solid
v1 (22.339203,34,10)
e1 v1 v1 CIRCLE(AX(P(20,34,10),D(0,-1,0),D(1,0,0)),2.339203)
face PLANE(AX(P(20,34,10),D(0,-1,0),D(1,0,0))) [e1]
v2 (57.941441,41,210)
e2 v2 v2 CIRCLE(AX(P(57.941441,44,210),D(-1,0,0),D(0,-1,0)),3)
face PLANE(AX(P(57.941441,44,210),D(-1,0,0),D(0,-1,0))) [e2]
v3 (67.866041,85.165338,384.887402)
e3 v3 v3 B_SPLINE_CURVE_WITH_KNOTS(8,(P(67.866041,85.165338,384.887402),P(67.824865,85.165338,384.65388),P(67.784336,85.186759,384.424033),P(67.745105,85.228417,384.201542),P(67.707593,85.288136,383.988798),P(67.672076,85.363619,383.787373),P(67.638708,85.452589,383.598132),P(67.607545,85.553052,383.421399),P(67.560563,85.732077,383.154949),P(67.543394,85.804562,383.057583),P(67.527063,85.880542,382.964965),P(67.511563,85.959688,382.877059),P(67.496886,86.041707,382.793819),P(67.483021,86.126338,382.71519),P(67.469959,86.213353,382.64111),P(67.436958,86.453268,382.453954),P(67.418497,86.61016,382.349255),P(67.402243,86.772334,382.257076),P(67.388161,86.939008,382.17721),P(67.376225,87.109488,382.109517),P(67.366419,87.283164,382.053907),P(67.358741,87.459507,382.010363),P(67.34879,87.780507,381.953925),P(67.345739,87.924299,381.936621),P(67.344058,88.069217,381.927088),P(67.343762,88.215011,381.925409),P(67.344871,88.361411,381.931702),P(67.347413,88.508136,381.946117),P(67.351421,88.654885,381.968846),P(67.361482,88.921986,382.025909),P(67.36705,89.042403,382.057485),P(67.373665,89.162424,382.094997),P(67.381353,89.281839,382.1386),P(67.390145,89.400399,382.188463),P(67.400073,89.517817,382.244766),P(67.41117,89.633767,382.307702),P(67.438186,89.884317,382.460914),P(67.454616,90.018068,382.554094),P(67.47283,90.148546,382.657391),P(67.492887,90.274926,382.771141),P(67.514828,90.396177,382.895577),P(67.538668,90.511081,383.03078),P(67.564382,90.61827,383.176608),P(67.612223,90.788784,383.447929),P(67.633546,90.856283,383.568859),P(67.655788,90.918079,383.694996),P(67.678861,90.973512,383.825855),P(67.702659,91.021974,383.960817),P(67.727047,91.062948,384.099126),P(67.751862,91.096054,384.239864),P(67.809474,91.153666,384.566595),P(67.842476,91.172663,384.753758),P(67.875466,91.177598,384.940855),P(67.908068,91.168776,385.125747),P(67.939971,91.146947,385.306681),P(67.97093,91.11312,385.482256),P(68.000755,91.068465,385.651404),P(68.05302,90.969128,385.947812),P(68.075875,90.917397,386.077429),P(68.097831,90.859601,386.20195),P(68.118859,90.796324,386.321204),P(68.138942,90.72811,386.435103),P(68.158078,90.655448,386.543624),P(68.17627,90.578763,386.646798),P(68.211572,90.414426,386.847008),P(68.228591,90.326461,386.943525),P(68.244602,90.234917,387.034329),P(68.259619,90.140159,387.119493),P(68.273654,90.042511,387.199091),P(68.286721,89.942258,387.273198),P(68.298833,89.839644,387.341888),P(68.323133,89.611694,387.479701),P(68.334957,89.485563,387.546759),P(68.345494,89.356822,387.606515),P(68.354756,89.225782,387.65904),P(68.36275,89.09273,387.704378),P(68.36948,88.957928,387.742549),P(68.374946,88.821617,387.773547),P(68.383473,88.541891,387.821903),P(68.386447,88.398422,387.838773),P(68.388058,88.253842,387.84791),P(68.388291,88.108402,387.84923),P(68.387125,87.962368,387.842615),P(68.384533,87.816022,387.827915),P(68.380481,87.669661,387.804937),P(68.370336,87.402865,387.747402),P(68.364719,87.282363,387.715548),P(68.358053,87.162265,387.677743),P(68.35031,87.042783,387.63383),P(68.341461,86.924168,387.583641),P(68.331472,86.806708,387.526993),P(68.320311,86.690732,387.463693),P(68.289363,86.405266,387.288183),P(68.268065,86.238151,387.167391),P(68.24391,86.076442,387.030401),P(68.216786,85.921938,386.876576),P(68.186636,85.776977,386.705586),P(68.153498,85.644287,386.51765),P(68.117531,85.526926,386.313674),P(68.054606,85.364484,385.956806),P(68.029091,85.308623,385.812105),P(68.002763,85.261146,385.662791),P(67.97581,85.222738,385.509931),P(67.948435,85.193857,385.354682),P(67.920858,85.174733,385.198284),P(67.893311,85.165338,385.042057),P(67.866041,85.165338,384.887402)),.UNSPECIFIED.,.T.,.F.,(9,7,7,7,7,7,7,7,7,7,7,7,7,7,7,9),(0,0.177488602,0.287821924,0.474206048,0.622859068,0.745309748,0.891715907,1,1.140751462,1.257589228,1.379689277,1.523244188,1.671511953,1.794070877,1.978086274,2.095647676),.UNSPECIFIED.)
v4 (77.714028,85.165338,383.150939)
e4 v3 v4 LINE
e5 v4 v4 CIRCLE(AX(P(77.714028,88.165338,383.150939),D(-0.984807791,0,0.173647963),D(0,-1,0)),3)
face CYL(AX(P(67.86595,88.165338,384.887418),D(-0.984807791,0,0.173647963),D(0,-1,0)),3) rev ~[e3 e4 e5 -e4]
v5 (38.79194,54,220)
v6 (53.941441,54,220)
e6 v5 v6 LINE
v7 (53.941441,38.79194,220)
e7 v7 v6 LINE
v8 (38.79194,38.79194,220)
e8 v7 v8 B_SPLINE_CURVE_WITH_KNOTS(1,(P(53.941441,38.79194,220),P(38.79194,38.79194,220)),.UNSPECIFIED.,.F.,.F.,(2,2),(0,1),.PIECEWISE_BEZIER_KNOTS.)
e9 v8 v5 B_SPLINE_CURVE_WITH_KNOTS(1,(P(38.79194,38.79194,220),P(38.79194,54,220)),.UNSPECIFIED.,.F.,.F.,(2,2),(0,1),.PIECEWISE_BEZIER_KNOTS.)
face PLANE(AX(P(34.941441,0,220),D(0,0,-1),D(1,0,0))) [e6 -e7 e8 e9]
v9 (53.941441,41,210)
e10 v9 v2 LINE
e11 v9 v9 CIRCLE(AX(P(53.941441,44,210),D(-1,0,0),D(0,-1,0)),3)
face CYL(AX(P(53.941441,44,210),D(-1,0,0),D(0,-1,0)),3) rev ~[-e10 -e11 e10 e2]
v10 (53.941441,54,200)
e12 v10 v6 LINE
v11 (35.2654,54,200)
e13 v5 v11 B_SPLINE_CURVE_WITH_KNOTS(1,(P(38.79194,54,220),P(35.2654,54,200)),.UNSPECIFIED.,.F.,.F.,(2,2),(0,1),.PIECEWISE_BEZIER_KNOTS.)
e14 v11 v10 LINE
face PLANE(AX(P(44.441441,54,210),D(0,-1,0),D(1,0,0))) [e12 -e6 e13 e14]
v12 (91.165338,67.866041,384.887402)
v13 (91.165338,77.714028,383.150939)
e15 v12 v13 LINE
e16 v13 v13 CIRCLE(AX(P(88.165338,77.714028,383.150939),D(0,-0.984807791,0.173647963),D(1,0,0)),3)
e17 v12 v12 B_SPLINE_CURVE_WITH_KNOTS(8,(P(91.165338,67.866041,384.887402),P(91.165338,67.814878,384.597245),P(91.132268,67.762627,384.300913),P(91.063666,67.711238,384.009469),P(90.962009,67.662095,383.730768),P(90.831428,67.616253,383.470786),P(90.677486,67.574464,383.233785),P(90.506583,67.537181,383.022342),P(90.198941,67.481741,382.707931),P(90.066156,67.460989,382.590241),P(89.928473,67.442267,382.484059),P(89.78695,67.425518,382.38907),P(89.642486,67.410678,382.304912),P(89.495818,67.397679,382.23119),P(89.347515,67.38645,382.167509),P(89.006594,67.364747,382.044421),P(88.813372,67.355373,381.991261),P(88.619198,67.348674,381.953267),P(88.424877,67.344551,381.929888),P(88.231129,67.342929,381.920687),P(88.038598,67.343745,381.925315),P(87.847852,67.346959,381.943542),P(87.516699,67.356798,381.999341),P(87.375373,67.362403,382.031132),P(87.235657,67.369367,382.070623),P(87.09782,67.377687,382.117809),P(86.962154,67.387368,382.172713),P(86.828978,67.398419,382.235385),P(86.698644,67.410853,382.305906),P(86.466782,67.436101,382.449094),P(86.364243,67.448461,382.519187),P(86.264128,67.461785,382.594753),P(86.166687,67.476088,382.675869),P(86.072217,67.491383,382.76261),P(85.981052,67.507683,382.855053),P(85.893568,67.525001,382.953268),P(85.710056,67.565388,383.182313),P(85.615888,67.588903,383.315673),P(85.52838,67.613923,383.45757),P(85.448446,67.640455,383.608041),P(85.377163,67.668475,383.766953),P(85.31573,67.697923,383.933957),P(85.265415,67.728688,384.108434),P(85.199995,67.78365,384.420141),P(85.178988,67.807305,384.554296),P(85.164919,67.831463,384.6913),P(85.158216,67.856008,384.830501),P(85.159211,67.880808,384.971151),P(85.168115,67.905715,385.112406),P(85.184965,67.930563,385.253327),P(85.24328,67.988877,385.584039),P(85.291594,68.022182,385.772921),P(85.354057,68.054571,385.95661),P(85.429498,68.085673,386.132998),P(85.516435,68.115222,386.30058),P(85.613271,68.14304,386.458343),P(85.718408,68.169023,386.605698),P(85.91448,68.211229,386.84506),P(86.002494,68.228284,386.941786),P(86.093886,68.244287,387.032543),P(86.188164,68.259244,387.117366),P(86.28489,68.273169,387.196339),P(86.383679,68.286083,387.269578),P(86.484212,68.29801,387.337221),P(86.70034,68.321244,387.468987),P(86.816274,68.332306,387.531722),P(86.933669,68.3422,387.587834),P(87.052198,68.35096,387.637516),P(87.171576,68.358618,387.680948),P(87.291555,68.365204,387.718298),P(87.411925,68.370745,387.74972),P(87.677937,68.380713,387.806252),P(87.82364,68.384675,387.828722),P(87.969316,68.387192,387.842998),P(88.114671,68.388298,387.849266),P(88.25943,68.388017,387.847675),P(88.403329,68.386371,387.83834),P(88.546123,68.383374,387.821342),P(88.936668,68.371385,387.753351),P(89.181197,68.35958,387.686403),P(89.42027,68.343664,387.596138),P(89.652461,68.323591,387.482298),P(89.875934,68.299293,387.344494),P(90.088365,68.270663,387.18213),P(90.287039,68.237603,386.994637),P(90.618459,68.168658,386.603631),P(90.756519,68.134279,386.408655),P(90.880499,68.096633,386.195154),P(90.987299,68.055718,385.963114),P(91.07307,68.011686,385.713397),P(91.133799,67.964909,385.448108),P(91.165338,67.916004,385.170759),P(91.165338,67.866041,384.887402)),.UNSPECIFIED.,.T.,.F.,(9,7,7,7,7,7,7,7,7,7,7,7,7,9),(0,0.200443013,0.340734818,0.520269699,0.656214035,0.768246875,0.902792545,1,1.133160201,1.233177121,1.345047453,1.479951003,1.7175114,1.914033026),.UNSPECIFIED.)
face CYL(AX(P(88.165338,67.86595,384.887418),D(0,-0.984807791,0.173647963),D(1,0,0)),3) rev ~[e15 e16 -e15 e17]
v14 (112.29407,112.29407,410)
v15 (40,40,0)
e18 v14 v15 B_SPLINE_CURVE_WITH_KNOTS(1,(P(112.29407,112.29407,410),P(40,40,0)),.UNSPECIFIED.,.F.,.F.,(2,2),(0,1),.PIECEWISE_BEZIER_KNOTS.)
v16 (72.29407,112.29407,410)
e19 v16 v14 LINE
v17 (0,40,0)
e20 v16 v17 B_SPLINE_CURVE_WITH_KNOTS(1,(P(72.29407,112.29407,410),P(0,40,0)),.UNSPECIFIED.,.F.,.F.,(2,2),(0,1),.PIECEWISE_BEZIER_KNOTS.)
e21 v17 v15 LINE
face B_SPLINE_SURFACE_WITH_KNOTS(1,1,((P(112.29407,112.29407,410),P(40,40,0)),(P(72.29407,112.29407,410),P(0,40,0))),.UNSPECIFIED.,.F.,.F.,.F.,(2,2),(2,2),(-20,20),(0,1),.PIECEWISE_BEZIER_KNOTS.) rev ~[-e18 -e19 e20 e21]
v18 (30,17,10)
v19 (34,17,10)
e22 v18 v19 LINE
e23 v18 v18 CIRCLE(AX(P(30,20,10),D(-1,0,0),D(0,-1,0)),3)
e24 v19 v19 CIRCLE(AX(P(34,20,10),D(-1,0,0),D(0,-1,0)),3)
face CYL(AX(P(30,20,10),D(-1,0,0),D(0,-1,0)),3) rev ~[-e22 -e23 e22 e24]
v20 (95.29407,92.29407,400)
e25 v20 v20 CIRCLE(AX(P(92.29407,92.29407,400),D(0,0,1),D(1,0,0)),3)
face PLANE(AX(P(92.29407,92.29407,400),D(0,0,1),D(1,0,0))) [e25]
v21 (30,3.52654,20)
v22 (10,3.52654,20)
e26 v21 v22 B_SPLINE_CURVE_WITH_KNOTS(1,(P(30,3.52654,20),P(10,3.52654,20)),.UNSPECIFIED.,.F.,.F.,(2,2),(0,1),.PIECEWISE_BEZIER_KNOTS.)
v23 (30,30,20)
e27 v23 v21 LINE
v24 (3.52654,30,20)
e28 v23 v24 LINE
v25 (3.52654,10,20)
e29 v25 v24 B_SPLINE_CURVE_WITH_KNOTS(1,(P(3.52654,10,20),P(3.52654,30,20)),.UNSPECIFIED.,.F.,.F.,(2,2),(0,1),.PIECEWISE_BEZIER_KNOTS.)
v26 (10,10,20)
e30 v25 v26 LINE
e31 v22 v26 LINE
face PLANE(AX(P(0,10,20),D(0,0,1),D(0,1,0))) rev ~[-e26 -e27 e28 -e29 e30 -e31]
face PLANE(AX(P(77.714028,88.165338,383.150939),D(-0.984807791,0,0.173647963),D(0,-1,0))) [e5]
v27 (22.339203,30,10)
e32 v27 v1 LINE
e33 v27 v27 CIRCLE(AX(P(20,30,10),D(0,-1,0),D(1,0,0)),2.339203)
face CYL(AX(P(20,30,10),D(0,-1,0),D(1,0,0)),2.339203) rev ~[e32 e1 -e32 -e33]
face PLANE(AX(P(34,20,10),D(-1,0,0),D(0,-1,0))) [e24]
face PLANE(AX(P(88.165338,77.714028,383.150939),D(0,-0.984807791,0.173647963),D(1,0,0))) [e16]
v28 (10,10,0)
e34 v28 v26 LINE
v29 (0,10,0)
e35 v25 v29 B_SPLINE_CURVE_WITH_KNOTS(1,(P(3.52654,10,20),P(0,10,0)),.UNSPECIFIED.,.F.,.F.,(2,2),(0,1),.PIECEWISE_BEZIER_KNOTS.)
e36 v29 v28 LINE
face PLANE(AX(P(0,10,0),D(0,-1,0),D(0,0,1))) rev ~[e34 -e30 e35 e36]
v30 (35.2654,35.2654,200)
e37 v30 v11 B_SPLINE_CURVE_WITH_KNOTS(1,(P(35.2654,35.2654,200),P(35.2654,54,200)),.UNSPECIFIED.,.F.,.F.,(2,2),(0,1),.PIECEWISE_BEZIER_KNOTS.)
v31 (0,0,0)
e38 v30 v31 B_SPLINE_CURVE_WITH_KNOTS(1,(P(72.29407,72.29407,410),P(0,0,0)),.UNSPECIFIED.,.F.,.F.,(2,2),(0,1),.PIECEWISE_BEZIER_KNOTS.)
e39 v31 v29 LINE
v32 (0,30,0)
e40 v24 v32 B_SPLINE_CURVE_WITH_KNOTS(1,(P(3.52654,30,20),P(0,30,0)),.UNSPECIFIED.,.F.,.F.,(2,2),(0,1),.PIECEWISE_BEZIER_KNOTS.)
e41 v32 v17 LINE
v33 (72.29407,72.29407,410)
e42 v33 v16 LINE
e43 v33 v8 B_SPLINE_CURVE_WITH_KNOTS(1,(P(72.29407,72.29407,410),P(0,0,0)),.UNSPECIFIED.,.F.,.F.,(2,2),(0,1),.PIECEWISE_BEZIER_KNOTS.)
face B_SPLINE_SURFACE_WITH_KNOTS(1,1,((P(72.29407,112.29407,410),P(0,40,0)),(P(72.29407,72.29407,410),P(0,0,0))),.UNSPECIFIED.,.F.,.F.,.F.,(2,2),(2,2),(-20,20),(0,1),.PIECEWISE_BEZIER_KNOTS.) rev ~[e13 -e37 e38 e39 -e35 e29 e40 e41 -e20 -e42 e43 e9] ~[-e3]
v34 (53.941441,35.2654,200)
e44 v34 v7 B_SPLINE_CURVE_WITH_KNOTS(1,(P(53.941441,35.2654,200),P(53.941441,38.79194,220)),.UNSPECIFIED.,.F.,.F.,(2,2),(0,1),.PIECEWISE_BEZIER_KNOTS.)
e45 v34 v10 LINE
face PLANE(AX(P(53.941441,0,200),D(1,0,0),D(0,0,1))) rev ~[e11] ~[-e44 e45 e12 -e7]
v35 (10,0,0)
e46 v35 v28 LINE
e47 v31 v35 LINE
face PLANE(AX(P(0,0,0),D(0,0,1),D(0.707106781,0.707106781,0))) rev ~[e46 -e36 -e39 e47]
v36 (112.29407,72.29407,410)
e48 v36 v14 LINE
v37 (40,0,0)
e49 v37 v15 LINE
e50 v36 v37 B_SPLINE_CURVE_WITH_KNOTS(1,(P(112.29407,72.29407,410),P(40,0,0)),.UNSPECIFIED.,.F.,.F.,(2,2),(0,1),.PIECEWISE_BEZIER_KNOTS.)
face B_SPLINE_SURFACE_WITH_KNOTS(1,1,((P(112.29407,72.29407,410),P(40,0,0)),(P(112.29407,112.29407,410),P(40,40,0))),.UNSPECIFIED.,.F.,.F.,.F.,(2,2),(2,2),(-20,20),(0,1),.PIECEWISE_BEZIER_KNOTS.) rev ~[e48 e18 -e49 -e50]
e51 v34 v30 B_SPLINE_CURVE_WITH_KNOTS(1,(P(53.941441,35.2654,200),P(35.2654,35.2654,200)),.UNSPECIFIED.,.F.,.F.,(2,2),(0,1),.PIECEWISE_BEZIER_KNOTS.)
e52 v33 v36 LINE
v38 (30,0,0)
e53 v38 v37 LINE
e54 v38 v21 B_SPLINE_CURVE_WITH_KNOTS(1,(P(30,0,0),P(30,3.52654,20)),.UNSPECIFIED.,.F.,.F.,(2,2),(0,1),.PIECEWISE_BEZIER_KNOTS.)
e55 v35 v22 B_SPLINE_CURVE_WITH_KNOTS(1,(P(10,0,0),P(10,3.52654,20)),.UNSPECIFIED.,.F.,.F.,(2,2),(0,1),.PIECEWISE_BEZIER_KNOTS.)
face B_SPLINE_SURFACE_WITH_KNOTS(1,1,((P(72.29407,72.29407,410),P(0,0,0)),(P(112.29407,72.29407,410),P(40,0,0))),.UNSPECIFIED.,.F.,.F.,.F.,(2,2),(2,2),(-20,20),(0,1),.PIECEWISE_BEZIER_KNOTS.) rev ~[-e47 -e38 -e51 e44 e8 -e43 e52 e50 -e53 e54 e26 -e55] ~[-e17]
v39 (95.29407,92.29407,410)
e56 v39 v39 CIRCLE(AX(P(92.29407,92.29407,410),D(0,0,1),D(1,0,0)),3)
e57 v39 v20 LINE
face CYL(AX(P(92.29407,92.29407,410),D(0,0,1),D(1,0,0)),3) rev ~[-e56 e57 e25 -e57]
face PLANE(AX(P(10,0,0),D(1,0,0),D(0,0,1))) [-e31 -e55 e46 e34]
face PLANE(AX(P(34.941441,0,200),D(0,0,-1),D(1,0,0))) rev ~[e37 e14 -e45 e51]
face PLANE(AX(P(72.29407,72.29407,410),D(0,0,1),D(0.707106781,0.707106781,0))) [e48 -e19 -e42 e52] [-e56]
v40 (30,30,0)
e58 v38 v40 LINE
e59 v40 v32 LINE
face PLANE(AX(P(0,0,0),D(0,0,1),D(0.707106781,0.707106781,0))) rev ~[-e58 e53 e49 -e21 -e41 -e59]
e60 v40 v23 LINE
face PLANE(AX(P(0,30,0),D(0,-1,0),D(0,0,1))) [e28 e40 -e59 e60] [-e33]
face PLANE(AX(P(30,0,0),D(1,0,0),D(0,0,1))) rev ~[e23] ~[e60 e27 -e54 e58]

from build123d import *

# Parameters (mm, degrees)
F2_W      = 40
F2_H      = 40
F0_W      = 40
F0_H      = 40
F4_W      = 20
F4_H      = 20
F5_DEPTH  = 30
F6_W      = 20
F6_H      = 20
F7_DEPTH  = 30
F8_R      = 3
F9_DEPTH  = 10
F10_R     = 3
F11_DEPTH = 10
F12_R     = 3
F13_DEPTH = 4
F14_R     = 2.339203
F15_DEPTH = 4
F16_W     = 19
F16_H     = 20
F17_DEPTH = 54
F18_R     = 3
F19_DEPTH = 4
F20_R     = 3
F21_DEPTH = 10


with BuildPart() as f3:
    # F2 (on offset) → F3 section 0
    with BuildSketch(Plane.XY.offset(410)):
        with Locations((92.29407, 92.29407)):
            Rectangle(F2_W, F2_H)
    # F0 (on Top) → F3 section 1
    with BuildSketch(Plane.XY):
        with Locations((20, 20)):
            Rectangle(F0_W, F0_H)
    loft()

    # F4 (on Right) → F5 (cut)
    with BuildSketch(Plane.YZ):
        with Locations((20, 10)):
            Rectangle(F4_W, F4_H)
    extrude(amount=F5_DEPTH, mode=Mode.SUBTRACT)

    # F6 (on Front) → F7 (cut)
    with BuildSketch(Plane.XZ):
        with Locations((20, 10)):
            Rectangle(F6_W, F6_H)
    extrude(amount=-F7_DEPTH, mode=Mode.SUBTRACT)

    # F8 (on face) → F9 (cut)
    with BuildSketch(Plane(origin=(0, 0, 0), x_dir=(1, 0, 0), z_dir=(0, -0.984808, 0.173648))):
        with Locations((88.165338, 390.824912)):
            Circle(F8_R)
    extrude(amount=-F9_DEPTH, mode=Mode.SUBTRACT)

    # F10 (on face) → F11 (cut)
    with BuildSketch(Plane(origin=(0, 0, 0), x_dir=(0, -1, 0), z_dir=(-0.984808, 0, 0.173648))):
        with Locations((-88.165338, 390.824912)):
            Circle(F10_R)
    extrude(amount=-F11_DEPTH, mode=Mode.SUBTRACT)

    # F12 (on face) → F13 (cut)
    with BuildSketch(Plane(origin=(30, 0, 0), x_dir=(0, -1, 0), z_dir=(-1, 0, 0))):
        with Locations((-20, 10)):
            Circle(F12_R)
    extrude(amount=-F13_DEPTH, mode=Mode.SUBTRACT)

    # F14 (on face) → F15 (cut)
    with BuildSketch(Plane.XZ.offset(-30)):
        with Locations((20, 10)):
            Circle(F14_R)
    extrude(amount=-F15_DEPTH, mode=Mode.SUBTRACT)

    # F16 (on Front) → F17 (cut)
    with BuildSketch(Plane.XZ):
        with Locations((44.441441, 210)):
            Rectangle(F16_W, F16_H)
    extrude(amount=-F17_DEPTH, mode=Mode.SUBTRACT)

    # F18 (on face) → F19 (cut)
    with BuildSketch(Plane(origin=(53.941441, 0, 0), x_dir=(0, -1, 0), z_dir=(-1, 0, 0))):
        with Locations((-44, 210)):
            Circle(F18_R)
    extrude(amount=-F19_DEPTH, mode=Mode.SUBTRACT)

    # F20 (on face) → F21 (cut)
    with BuildSketch(Plane.XY.offset(410)):
        with Locations((92.29407, 92.29407)):
            Circle(F20_R)
    extrude(amount=-F21_DEPTH, mode=Mode.SUBTRACT)


solid = f3.part
